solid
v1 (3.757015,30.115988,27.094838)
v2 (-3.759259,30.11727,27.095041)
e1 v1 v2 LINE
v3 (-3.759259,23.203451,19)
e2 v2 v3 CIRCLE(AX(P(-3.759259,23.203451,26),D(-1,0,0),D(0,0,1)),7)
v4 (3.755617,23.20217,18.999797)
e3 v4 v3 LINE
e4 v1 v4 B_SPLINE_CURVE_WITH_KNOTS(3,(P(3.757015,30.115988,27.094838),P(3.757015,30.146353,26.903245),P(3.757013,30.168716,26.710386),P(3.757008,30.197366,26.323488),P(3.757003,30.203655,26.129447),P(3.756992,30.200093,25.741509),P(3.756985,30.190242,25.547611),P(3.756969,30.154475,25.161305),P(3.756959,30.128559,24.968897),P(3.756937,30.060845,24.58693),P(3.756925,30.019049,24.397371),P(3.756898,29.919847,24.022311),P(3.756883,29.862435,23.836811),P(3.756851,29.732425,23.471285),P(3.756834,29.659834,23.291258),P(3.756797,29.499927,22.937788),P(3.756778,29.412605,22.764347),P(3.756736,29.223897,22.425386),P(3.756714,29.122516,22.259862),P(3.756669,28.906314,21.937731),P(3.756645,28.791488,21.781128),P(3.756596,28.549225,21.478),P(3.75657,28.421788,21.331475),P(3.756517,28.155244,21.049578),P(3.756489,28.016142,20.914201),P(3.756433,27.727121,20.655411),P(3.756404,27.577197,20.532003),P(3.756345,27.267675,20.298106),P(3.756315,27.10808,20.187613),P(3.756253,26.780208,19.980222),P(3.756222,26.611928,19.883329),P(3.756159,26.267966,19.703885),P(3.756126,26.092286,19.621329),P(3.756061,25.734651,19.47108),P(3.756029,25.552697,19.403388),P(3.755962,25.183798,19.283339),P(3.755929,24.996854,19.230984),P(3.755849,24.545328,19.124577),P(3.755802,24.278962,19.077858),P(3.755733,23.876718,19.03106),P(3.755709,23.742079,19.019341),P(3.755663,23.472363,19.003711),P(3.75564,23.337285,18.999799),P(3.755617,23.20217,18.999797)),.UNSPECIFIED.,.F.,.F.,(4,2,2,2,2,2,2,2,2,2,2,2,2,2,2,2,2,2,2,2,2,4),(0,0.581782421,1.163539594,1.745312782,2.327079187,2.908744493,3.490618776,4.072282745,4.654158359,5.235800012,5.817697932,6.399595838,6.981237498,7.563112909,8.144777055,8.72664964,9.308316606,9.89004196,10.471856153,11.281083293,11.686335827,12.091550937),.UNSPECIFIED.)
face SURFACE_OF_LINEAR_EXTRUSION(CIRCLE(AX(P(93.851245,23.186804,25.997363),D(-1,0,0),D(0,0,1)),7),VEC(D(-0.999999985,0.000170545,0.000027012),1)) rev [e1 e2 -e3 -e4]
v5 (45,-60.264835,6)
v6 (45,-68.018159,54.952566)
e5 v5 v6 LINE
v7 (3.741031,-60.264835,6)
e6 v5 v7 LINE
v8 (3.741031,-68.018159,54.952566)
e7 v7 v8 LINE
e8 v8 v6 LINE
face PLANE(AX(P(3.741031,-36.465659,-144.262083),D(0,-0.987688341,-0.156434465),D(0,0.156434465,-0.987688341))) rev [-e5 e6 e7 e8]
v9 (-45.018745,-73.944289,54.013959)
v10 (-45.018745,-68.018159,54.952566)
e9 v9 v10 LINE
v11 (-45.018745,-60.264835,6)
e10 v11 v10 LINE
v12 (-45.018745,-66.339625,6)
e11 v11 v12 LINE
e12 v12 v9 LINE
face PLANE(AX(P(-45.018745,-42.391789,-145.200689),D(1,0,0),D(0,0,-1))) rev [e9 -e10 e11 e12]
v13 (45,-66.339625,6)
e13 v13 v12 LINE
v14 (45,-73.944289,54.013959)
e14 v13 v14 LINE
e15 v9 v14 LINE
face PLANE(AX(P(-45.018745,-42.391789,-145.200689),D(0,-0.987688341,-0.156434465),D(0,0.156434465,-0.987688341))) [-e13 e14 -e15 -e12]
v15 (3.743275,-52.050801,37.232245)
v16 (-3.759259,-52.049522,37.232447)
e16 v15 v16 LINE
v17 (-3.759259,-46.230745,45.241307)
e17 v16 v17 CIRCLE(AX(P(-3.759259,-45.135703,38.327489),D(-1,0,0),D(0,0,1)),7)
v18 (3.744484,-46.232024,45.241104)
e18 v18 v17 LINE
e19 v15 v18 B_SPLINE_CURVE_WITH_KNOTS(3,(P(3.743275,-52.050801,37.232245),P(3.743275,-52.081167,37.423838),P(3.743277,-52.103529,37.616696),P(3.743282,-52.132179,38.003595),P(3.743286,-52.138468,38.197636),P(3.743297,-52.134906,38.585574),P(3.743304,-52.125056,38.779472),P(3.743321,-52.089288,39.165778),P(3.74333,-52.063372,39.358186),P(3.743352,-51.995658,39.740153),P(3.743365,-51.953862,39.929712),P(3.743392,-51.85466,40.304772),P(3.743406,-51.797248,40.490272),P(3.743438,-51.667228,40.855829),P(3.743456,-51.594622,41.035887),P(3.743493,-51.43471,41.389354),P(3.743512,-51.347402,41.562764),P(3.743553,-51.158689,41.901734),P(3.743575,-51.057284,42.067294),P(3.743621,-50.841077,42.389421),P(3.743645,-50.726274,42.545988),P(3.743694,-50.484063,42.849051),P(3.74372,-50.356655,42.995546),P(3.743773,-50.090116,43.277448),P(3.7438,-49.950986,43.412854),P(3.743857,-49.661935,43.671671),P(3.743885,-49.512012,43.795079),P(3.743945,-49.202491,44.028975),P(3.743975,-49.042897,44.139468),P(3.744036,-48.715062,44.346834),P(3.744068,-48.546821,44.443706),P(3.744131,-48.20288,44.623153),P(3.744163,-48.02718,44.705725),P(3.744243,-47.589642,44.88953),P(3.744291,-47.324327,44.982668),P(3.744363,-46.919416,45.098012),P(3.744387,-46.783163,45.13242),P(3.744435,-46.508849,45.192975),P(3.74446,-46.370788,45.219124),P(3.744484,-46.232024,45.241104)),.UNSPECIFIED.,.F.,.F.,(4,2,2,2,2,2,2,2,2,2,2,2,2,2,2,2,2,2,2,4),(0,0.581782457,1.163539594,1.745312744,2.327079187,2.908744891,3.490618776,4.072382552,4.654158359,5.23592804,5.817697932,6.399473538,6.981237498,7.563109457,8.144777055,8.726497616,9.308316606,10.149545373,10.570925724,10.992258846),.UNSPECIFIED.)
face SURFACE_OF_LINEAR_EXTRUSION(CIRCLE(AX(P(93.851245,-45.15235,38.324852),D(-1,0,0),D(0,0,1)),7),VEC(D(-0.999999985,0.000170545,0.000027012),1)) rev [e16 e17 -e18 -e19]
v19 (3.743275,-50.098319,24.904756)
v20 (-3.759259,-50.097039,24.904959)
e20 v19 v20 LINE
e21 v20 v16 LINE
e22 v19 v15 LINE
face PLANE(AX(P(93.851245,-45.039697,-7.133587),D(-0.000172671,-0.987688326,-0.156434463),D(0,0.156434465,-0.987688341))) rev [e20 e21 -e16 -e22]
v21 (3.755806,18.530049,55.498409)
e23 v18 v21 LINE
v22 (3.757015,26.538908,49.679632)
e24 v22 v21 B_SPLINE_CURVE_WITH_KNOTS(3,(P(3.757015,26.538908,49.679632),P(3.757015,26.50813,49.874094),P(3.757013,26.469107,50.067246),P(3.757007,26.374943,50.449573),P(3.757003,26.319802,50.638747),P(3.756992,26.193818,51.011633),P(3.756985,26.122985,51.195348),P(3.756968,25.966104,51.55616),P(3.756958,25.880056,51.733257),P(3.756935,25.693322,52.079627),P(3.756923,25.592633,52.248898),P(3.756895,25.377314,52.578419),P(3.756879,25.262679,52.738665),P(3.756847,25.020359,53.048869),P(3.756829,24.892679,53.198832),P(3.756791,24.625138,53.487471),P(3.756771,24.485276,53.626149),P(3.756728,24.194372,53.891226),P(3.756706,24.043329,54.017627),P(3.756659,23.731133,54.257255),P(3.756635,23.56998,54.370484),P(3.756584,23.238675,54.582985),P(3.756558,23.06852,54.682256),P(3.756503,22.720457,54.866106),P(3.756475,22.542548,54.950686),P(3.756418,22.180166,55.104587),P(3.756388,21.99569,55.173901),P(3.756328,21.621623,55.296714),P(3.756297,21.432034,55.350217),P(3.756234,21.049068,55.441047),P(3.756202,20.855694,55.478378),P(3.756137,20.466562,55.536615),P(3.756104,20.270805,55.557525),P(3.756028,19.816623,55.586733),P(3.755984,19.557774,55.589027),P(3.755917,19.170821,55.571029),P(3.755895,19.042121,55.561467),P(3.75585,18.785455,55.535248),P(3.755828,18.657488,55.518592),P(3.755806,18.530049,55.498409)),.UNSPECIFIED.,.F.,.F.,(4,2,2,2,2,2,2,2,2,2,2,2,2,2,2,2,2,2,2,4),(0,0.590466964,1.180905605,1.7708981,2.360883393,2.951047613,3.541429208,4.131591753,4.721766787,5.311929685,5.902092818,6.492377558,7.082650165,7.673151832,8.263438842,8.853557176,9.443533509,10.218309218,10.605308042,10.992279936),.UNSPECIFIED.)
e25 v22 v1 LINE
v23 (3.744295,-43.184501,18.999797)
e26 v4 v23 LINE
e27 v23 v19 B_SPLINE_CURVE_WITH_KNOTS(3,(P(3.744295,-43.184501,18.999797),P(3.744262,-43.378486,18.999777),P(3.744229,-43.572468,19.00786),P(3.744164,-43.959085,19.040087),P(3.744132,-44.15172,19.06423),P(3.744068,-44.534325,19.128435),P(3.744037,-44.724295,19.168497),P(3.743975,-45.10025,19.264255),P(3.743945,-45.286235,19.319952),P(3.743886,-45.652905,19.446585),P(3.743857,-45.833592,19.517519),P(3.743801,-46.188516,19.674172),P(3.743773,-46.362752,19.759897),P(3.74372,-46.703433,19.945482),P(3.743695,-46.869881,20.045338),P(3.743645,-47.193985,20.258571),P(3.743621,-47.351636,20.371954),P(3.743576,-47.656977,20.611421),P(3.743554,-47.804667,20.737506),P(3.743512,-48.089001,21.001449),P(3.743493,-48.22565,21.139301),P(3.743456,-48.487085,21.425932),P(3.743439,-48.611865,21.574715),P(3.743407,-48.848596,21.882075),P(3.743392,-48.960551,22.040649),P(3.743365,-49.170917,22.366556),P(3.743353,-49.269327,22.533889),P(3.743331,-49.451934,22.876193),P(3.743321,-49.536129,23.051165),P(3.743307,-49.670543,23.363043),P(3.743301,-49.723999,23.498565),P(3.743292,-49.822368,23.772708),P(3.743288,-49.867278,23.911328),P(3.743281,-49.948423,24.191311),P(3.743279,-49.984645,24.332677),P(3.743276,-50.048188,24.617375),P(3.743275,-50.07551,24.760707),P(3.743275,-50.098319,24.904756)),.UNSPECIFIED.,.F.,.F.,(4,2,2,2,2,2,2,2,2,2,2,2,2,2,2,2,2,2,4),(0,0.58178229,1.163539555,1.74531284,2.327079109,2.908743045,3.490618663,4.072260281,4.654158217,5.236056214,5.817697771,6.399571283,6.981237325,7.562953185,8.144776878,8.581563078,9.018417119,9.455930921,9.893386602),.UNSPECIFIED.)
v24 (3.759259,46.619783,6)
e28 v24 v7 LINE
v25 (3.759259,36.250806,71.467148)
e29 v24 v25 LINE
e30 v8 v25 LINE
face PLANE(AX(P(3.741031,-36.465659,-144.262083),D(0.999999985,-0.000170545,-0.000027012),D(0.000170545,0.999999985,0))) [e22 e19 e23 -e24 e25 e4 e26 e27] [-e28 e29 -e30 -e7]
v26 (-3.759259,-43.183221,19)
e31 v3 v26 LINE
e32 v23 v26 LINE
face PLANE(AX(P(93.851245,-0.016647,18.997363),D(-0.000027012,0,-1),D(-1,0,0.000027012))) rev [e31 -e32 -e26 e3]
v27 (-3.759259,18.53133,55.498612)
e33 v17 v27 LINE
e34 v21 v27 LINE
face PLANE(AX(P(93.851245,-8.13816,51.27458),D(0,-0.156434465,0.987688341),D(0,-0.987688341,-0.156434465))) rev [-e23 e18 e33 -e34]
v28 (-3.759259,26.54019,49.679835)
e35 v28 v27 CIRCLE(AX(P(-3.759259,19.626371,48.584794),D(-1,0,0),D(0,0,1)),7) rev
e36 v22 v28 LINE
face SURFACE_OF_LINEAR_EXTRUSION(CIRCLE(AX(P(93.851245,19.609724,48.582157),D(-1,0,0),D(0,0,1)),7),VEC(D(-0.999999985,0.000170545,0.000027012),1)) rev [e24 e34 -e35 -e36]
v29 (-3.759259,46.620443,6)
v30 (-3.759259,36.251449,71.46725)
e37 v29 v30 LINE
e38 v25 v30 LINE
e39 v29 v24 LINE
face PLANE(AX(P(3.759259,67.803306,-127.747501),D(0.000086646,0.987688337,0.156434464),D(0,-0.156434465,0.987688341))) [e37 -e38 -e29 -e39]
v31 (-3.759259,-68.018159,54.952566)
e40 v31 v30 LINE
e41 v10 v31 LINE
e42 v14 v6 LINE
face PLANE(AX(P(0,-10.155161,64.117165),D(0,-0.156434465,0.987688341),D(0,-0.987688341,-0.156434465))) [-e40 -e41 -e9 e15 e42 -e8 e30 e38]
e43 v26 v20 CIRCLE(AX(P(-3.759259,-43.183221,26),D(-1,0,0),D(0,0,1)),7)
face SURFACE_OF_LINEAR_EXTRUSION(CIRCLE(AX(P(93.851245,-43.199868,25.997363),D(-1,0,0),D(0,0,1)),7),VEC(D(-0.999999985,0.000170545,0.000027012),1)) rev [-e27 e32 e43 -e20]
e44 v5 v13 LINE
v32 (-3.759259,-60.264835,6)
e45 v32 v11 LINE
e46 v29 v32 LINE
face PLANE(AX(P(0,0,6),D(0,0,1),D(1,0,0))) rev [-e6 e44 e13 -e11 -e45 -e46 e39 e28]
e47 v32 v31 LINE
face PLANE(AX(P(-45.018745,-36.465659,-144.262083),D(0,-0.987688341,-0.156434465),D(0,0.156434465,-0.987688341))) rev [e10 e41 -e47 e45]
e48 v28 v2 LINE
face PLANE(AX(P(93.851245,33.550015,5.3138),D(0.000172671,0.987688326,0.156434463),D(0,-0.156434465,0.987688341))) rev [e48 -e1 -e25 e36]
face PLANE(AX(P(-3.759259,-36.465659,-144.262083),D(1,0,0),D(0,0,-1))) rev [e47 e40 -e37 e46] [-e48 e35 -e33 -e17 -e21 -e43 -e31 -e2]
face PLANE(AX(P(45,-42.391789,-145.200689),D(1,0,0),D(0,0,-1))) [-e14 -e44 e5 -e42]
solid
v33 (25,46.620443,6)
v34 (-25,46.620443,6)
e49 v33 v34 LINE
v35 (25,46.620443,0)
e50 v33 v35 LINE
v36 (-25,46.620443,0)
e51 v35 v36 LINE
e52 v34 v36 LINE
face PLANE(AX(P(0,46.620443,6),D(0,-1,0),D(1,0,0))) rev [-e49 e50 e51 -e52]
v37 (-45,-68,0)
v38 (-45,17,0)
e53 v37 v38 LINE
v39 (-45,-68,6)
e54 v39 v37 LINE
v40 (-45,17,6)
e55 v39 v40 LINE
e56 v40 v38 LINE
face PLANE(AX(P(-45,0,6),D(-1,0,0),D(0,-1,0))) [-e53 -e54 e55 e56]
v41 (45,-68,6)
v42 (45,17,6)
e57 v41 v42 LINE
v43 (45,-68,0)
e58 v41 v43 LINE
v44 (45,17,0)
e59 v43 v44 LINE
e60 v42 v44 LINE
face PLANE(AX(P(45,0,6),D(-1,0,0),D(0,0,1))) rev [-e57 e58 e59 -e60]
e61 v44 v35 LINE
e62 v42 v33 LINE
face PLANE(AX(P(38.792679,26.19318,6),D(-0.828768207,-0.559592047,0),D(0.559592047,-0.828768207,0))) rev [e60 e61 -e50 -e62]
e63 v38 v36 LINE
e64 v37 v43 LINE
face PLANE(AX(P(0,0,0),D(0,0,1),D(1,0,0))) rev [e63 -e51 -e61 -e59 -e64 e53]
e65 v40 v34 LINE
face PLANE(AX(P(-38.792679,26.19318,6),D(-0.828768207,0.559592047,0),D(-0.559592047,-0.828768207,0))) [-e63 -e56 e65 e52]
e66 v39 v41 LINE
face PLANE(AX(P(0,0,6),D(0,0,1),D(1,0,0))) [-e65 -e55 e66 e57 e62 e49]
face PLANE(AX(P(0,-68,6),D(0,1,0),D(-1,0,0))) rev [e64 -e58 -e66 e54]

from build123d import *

# Parameters (mm, degrees)
BOSS_EXTRUDE1_DEPTH = 6
BOSS_EXTRUDE3_REACH = 99.376
CUT_EXTRUDE1_DEPTH  = 7.516274167


with BuildPart() as part:
    # Sketch1 → Boss-Extrude1 (new body)
    with BuildSketch(Plane.XY):
        Polygon((-45, -68), (45, -68), (45, 17), (25, 46.620442646), (-25, 46.620442646), (-45, 17), align=None)
    extrude(amount=BOSS_EXTRUDE1_DEPTH)


with BuildPart() as body_2:
    # Boss-Extrude3: up to this plane
    boss_extrude3_end = Plane(origin=(0, 0, 6), z_dir=(0, 0, 1))
    # Sketch2 → Boss-Extrude3 (new, up to the surface)
    with BuildSketch(Plane(origin=(0, -10.155161239, 64.117164656), x_dir=(-1, 0, 0), z_dir=(0, 0.15643446504022426, -0.9876883405951389)), mode=Mode.PRIVATE) as boss_extrude3_sk1:
        Polygon((45.018744933, -64.584267711), (-45, -64.584267711), (-45, -58.584267711), (-3.741030689, -58.584267711), (-3.759259362, 46.984422973), (3.759259418, 46.985074426), (3.759259418, -58.584267711), (45.018744933, -58.584267711), align=None)
    boss_extrude3_tool1 = split(extrude(boss_extrude3_sk1.sketch, amount=BOSS_EXTRUDE3_REACH, mode=Mode.PRIVATE), bisect_by=boss_extrude3_end, keep=Keep.BOTH, mode=Mode.PRIVATE)
    add(boss_extrude3_tool1.solids().sort_by_distance((-0.00651, -38.1979, 59.675631))[0])

    # Sketch3 → Cut-Extrude1 (cut, along a direction that is not the sketch's normal)
    with BuildSketch(Plane.ZY.offset(3.759259418)):
        with BuildLine():
            Line((49.679834781, 26.540189826), (27.095041255, 30.117269708))
            ThreePointArc((27.095041255, 30.117269708), (21.453863662, 28.526293083), (19, 23.203451324))
            Line((19, 23.203451324), (19, -43.18322091))
            ThreePointArc((19, -43.18322091), (20.677158241, -47.729357249), (24.904958745, -50.097039294))
            Line((24.904958745, -50.097039294), (37.23244731, -52.049521672))
            ThreePointArc((37.23244731, -52.049521672), (42.441985332, -50.798822248), (45.24130695, -46.230744543))
            Line((45.24130695, -46.230744543), (55.49861191, 18.531330187))
            ThreePointArc((55.49861191, 18.531330187), (54.247912486, 23.740868208), (49.679834781, 26.540189826))
        make_face()
    extrude(amount=-CUT_EXTRUDE1_DEPTH, dir=(-0.9999999850923286, 0.0001705453289228096, 2.7011726471330954e-05), mode=Mode.SUBTRACT)


solid = Compound([part.part, body_2.part])
